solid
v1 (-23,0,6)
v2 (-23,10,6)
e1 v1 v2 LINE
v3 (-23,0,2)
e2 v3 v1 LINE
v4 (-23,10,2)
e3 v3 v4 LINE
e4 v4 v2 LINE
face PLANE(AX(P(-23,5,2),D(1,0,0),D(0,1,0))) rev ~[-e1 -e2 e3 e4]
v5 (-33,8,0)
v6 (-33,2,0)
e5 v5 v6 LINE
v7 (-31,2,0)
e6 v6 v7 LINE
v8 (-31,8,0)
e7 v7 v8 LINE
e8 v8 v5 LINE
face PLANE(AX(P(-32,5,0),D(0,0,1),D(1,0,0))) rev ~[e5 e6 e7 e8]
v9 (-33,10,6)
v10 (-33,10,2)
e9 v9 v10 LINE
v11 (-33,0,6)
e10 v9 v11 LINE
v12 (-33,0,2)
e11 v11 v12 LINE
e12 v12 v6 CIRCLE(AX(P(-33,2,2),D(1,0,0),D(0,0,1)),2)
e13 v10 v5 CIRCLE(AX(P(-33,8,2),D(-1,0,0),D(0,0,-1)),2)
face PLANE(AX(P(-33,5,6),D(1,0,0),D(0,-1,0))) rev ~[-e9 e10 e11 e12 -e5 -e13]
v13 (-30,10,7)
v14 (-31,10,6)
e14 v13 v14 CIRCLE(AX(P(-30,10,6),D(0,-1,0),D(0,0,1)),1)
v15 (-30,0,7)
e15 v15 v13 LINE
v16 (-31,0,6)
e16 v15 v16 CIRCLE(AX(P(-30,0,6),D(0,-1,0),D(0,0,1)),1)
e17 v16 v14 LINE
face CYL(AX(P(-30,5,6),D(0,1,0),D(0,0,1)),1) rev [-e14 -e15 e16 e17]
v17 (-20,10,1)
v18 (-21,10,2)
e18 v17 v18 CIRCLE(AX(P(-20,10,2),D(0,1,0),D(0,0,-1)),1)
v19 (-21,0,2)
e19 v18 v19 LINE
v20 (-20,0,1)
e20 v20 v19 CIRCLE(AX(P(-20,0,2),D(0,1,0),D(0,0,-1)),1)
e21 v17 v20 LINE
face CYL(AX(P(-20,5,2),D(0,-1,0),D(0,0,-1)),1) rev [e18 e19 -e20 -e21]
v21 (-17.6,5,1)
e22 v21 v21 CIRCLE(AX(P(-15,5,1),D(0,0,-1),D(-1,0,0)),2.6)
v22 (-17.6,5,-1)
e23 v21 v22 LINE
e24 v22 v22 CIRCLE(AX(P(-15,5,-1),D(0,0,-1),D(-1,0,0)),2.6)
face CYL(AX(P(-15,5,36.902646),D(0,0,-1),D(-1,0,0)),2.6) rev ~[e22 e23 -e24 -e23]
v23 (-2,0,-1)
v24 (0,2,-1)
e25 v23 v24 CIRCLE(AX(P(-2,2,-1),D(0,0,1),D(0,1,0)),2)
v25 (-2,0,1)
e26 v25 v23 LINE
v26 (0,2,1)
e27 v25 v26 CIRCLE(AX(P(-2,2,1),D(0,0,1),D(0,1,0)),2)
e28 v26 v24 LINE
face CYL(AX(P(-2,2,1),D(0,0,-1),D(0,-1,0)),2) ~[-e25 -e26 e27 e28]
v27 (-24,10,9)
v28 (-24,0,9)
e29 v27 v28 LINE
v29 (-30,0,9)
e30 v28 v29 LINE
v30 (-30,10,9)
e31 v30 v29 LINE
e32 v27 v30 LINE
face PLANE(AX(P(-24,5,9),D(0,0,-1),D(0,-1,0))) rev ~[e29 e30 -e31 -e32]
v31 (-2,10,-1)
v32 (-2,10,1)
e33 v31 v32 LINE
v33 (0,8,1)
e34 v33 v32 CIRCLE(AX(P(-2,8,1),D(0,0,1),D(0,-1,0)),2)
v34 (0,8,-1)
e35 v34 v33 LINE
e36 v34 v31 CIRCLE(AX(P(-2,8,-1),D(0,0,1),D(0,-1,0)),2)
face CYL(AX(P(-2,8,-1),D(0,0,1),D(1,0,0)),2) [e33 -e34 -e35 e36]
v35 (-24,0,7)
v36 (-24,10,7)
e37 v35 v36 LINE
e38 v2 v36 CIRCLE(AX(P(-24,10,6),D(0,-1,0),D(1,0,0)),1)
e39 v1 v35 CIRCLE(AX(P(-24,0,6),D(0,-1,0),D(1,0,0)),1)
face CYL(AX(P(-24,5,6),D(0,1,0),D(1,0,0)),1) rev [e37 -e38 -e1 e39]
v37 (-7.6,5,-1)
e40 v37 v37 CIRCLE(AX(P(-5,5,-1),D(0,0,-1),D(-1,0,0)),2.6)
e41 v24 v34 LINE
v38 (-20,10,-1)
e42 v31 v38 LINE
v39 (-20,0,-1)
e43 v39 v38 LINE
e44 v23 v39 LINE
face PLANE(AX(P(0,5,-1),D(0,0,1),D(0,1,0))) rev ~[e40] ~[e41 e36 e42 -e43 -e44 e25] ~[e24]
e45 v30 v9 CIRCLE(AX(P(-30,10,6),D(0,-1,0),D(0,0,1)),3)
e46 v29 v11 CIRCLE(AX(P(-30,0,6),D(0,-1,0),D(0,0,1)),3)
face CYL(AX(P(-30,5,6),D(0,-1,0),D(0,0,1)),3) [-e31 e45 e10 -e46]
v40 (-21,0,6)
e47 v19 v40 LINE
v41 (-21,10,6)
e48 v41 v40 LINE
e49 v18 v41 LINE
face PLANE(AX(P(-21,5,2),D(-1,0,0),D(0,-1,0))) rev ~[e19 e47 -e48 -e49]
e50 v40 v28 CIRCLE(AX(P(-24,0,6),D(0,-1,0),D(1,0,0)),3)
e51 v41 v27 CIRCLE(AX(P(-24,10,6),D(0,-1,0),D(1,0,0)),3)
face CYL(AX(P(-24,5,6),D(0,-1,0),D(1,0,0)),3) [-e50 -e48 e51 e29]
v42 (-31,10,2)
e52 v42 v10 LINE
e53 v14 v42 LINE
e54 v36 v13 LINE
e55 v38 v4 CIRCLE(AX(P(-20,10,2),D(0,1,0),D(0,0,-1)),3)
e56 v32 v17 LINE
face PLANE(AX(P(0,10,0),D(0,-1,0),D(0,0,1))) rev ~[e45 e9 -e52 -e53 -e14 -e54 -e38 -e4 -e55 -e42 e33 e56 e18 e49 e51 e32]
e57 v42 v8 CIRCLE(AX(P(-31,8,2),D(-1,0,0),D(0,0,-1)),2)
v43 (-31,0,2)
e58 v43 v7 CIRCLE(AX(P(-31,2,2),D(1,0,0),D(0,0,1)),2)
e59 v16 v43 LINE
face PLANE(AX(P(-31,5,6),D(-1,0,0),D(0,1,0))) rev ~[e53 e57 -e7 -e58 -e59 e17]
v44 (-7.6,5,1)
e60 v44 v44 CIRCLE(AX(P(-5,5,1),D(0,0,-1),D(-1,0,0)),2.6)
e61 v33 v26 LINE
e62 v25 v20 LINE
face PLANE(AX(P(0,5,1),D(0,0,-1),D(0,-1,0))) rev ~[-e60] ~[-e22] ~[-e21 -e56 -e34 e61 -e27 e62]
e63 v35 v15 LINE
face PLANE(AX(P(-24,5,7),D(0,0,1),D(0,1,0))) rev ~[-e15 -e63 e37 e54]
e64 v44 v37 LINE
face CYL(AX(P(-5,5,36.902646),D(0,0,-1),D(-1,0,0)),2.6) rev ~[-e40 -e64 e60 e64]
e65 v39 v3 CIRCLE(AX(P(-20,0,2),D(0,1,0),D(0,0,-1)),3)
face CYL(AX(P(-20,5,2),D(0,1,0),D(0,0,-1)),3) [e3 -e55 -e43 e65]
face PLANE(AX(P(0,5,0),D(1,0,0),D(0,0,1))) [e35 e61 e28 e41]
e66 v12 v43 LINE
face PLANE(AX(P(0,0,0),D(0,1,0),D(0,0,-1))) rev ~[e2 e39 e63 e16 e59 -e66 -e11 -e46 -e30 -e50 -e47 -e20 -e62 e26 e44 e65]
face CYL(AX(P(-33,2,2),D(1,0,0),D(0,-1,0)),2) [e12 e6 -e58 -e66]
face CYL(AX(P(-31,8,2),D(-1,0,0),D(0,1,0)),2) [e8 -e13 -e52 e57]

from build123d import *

# Parameters (mm, degrees)
F1_W = 10
F1_H = 2
F3_R = 2
F4_R = 2
F6_D = 5.2


with BuildPart() as f2:
    # F2: sweep along a path in F0
    with BuildLine(Plane.XZ) as f2_path:
        Line((0, 0), (-20, 0))
        ThreePointArc((-20, 0), (-21.4142135624, 0.5857864376), (-22, 2))
        Line((-22, 2), (-22, 6))
        ThreePointArc((-22, 6), (-22.5857864376, 7.4142135624), (-24, 8))
        Line((-24, 8), (-30, 8))
        ThreePointArc((-30, 8), (-31.4142135624, 7.4142135624), (-32, 6))
        Line((-32, 6), (-32, 0))
    # F1 (on Right) → F2 (sweep)
    with BuildSketch(Plane.YZ):
        with Locations((5, 0)):
            Rectangle(F1_W, F1_H)
    sweep(path=f2_path.line)

    # F3
    f3_edges = [f2.edges().sort_by_distance(p)[0] for p in [
        (-32, 0, 0),
        (-32, 10, 0),
    ]]
    fillet(f3_edges, radius=F3_R)

    # F4
    f4_edges = [f2.edges().sort_by_distance(p)[0] for p in [
        (0, 0, 0),
        (0, 10, 0),
    ]]
    fillet(f4_edges, radius=F4_R)

    # F6 (through all)
    with Locations(Plane.XY.offset(1)):
        with Locations((-15, 5), (-5, 5)):
            Hole(F6_D / 2)


solid = f2.part
